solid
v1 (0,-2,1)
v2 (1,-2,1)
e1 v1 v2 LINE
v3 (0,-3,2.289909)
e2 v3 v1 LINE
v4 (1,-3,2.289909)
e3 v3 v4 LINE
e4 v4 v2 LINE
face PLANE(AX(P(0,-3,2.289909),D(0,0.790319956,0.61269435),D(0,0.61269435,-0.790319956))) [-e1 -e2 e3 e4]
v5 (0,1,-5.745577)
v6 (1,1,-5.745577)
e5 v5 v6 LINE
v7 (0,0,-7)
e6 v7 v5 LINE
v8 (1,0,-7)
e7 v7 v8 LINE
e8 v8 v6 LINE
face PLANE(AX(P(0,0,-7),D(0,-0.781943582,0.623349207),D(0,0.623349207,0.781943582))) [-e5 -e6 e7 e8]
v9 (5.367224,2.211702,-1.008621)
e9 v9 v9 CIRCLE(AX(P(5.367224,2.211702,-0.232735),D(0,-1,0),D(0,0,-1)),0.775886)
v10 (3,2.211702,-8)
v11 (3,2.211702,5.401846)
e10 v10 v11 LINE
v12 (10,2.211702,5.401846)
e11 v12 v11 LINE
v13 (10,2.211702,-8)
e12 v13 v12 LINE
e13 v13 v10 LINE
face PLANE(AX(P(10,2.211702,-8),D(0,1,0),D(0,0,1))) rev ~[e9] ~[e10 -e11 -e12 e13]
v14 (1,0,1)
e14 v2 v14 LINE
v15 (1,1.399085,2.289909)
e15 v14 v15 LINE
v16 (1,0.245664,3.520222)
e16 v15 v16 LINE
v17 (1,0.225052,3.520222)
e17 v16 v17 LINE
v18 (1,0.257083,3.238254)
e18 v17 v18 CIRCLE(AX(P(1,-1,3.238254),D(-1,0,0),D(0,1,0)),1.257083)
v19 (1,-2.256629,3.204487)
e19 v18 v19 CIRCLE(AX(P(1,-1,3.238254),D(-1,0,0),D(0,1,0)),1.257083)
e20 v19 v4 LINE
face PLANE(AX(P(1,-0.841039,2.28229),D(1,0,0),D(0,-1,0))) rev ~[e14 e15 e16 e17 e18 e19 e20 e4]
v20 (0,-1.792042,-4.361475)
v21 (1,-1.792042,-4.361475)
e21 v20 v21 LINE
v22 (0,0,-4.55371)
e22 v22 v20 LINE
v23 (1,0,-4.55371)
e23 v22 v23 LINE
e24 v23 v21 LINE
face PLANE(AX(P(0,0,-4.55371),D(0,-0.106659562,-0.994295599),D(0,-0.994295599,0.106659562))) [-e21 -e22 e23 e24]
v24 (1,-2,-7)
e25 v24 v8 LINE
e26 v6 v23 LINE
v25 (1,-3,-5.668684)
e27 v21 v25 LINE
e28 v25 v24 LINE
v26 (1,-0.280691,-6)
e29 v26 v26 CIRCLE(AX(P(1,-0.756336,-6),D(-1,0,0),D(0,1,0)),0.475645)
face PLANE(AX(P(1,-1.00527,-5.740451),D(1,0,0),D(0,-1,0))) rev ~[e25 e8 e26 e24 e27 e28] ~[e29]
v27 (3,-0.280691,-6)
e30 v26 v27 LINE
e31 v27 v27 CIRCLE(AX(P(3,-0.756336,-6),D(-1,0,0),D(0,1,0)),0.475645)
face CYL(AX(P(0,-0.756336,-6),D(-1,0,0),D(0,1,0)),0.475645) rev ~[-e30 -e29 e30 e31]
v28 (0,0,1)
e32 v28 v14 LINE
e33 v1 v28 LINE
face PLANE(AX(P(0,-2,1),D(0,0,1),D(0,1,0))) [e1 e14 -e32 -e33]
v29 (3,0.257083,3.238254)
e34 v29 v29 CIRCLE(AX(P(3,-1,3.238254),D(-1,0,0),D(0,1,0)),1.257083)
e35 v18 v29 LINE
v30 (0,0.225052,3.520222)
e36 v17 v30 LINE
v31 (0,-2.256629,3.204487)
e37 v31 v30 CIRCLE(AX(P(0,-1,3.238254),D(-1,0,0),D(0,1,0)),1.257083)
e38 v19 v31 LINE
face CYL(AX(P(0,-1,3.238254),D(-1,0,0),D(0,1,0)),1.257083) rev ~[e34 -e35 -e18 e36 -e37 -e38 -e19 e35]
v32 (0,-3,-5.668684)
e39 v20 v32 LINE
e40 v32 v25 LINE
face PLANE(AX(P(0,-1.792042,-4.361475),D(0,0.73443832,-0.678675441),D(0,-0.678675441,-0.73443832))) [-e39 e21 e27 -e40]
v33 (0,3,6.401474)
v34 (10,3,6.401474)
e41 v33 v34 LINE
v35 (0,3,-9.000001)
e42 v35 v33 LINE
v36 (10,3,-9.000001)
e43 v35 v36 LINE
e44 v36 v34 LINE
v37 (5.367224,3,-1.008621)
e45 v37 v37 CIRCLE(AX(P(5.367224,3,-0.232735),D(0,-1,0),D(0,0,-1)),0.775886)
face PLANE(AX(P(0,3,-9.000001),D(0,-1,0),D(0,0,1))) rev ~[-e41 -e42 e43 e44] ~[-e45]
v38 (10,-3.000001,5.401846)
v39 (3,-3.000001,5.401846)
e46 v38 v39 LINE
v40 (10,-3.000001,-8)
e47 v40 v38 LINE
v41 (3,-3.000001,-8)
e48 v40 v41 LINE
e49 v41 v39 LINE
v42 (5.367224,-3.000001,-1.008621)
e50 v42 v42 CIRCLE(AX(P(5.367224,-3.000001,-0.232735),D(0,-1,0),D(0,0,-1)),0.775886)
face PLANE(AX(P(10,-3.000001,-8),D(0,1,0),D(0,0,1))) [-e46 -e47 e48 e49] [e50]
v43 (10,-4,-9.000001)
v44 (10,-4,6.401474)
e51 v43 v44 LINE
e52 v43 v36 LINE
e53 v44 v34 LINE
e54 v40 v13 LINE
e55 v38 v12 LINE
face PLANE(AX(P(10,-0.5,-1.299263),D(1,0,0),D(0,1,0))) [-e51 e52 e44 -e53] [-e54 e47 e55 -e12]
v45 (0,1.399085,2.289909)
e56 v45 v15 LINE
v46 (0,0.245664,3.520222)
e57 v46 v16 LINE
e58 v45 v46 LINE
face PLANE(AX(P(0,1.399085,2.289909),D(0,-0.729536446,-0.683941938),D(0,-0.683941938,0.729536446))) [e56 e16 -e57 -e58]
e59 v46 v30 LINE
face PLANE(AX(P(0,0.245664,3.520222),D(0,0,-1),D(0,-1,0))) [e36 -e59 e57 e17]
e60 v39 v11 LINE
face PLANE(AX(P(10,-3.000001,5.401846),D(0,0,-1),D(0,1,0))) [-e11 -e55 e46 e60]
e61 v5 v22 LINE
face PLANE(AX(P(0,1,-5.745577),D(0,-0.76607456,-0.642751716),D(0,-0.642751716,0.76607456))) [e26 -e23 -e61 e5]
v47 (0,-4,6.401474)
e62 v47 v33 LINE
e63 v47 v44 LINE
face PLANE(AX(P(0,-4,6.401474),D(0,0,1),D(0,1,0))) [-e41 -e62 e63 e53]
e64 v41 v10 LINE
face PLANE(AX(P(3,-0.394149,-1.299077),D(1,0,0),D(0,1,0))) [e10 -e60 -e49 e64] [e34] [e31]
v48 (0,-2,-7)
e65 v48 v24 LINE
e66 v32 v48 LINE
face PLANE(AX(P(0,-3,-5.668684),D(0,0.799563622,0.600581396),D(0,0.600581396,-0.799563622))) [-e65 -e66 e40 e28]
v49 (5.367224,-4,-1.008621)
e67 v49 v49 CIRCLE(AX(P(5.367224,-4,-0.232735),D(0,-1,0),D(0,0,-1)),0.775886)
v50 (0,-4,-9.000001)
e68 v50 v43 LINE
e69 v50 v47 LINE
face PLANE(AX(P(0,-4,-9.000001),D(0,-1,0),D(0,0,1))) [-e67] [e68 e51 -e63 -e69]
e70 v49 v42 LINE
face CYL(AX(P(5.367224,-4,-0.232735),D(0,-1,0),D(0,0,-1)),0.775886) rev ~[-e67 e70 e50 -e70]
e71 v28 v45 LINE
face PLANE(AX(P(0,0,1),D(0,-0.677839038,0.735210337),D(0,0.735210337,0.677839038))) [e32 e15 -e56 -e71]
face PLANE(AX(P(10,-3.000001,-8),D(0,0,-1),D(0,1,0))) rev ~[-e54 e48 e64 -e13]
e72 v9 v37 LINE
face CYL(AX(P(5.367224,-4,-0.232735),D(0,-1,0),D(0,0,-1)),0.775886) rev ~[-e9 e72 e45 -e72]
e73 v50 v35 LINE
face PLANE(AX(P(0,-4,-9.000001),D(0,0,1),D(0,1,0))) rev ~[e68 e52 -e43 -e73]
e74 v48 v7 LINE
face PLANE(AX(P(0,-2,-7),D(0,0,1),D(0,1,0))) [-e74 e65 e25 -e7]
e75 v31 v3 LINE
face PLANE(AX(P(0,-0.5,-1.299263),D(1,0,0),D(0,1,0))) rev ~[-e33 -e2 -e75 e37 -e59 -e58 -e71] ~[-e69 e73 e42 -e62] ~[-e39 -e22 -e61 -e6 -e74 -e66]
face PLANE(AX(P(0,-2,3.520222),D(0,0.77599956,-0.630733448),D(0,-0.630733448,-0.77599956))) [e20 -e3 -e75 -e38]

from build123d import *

# Parameters (mm, degrees)
SKETCH_W        = 7
SKETCH_H        = 15.401475
PAD_DEPTH       = 10
SKETCH001_W     = 5.211703
SKETCH001_H     = 13.401846
POCKET_DEPTH    = 7
SKETCH002_R     = 0.775886
POCKET001_DEPTH = 7.001
SKETCH003_R     = 0.475645
SKETCH003_R_2   = 1.257083
POCKET002_DEPTH = 10.001
POCKET003_DEPTH = 1


with BuildPart() as part:
    # Sketch → Pad (new body)
    with BuildSketch(Plane.YZ):
        with Locations((-0.5, -1.299263)):
            Rectangle(SKETCH_W, SKETCH_H)
    extrude(amount=PAD_DEPTH)

    # Sketch001 (on Face6 of Pad) → Pocket (cut)
    with BuildSketch(Plane.YZ.offset(10)):
        with Locations((-0.394149, -1.299077)):
            Rectangle(SKETCH001_W, SKETCH001_H)
    extrude(amount=-POCKET_DEPTH, mode=Mode.SUBTRACT)

    # Sketch002 (on Face2 of Pocket) → Pocket001 (cut, through all)
    with BuildSketch(Plane(origin=(0, -4, 0), x_dir=(0, 0, -1), z_dir=(0, -1, 0))):
        with Locations((0.232735, 5.367224)):
            Circle(SKETCH002_R)
    extrude(amount=-POCKET001_DEPTH, mode=Mode.SUBTRACT)

    # Sketch003 (on Face4 of Pocket001) → Pocket002 (cut, through all)
    with BuildSketch(Plane(origin=(0, 0, 0), x_dir=(0, 1, 0), z_dir=(-1, 0, 0))):
        with Locations((-0.756336, 6)):
            Circle(SKETCH003_R)
        with Locations((-1, -3.238254)):
            Circle(SKETCH003_R_2)
    extrude(amount=-POCKET002_DEPTH, mode=Mode.SUBTRACT)

    # Sketch004 (on Face4 of Pocket002) → Pocket003 (cut)
    with BuildSketch(Plane(origin=(0, 0, 0), x_dir=(0, 1, 0), z_dir=(-1, 0, 0))):
        Polygon((-2, 7), (0, 7), (1, 5.745577), (0, 4.55371), (-1.792042, 4.361475), (-3, 5.668684), align=None)
        Polygon((-2, -1), (0, -1), (1.399085, -2.289909), (0.245664, -3.520222), (-2, -3.520222), (-3, -2.289909), align=None)
    extrude(amount=-POCKET003_DEPTH, mode=Mode.SUBTRACT)


solid = part.part
